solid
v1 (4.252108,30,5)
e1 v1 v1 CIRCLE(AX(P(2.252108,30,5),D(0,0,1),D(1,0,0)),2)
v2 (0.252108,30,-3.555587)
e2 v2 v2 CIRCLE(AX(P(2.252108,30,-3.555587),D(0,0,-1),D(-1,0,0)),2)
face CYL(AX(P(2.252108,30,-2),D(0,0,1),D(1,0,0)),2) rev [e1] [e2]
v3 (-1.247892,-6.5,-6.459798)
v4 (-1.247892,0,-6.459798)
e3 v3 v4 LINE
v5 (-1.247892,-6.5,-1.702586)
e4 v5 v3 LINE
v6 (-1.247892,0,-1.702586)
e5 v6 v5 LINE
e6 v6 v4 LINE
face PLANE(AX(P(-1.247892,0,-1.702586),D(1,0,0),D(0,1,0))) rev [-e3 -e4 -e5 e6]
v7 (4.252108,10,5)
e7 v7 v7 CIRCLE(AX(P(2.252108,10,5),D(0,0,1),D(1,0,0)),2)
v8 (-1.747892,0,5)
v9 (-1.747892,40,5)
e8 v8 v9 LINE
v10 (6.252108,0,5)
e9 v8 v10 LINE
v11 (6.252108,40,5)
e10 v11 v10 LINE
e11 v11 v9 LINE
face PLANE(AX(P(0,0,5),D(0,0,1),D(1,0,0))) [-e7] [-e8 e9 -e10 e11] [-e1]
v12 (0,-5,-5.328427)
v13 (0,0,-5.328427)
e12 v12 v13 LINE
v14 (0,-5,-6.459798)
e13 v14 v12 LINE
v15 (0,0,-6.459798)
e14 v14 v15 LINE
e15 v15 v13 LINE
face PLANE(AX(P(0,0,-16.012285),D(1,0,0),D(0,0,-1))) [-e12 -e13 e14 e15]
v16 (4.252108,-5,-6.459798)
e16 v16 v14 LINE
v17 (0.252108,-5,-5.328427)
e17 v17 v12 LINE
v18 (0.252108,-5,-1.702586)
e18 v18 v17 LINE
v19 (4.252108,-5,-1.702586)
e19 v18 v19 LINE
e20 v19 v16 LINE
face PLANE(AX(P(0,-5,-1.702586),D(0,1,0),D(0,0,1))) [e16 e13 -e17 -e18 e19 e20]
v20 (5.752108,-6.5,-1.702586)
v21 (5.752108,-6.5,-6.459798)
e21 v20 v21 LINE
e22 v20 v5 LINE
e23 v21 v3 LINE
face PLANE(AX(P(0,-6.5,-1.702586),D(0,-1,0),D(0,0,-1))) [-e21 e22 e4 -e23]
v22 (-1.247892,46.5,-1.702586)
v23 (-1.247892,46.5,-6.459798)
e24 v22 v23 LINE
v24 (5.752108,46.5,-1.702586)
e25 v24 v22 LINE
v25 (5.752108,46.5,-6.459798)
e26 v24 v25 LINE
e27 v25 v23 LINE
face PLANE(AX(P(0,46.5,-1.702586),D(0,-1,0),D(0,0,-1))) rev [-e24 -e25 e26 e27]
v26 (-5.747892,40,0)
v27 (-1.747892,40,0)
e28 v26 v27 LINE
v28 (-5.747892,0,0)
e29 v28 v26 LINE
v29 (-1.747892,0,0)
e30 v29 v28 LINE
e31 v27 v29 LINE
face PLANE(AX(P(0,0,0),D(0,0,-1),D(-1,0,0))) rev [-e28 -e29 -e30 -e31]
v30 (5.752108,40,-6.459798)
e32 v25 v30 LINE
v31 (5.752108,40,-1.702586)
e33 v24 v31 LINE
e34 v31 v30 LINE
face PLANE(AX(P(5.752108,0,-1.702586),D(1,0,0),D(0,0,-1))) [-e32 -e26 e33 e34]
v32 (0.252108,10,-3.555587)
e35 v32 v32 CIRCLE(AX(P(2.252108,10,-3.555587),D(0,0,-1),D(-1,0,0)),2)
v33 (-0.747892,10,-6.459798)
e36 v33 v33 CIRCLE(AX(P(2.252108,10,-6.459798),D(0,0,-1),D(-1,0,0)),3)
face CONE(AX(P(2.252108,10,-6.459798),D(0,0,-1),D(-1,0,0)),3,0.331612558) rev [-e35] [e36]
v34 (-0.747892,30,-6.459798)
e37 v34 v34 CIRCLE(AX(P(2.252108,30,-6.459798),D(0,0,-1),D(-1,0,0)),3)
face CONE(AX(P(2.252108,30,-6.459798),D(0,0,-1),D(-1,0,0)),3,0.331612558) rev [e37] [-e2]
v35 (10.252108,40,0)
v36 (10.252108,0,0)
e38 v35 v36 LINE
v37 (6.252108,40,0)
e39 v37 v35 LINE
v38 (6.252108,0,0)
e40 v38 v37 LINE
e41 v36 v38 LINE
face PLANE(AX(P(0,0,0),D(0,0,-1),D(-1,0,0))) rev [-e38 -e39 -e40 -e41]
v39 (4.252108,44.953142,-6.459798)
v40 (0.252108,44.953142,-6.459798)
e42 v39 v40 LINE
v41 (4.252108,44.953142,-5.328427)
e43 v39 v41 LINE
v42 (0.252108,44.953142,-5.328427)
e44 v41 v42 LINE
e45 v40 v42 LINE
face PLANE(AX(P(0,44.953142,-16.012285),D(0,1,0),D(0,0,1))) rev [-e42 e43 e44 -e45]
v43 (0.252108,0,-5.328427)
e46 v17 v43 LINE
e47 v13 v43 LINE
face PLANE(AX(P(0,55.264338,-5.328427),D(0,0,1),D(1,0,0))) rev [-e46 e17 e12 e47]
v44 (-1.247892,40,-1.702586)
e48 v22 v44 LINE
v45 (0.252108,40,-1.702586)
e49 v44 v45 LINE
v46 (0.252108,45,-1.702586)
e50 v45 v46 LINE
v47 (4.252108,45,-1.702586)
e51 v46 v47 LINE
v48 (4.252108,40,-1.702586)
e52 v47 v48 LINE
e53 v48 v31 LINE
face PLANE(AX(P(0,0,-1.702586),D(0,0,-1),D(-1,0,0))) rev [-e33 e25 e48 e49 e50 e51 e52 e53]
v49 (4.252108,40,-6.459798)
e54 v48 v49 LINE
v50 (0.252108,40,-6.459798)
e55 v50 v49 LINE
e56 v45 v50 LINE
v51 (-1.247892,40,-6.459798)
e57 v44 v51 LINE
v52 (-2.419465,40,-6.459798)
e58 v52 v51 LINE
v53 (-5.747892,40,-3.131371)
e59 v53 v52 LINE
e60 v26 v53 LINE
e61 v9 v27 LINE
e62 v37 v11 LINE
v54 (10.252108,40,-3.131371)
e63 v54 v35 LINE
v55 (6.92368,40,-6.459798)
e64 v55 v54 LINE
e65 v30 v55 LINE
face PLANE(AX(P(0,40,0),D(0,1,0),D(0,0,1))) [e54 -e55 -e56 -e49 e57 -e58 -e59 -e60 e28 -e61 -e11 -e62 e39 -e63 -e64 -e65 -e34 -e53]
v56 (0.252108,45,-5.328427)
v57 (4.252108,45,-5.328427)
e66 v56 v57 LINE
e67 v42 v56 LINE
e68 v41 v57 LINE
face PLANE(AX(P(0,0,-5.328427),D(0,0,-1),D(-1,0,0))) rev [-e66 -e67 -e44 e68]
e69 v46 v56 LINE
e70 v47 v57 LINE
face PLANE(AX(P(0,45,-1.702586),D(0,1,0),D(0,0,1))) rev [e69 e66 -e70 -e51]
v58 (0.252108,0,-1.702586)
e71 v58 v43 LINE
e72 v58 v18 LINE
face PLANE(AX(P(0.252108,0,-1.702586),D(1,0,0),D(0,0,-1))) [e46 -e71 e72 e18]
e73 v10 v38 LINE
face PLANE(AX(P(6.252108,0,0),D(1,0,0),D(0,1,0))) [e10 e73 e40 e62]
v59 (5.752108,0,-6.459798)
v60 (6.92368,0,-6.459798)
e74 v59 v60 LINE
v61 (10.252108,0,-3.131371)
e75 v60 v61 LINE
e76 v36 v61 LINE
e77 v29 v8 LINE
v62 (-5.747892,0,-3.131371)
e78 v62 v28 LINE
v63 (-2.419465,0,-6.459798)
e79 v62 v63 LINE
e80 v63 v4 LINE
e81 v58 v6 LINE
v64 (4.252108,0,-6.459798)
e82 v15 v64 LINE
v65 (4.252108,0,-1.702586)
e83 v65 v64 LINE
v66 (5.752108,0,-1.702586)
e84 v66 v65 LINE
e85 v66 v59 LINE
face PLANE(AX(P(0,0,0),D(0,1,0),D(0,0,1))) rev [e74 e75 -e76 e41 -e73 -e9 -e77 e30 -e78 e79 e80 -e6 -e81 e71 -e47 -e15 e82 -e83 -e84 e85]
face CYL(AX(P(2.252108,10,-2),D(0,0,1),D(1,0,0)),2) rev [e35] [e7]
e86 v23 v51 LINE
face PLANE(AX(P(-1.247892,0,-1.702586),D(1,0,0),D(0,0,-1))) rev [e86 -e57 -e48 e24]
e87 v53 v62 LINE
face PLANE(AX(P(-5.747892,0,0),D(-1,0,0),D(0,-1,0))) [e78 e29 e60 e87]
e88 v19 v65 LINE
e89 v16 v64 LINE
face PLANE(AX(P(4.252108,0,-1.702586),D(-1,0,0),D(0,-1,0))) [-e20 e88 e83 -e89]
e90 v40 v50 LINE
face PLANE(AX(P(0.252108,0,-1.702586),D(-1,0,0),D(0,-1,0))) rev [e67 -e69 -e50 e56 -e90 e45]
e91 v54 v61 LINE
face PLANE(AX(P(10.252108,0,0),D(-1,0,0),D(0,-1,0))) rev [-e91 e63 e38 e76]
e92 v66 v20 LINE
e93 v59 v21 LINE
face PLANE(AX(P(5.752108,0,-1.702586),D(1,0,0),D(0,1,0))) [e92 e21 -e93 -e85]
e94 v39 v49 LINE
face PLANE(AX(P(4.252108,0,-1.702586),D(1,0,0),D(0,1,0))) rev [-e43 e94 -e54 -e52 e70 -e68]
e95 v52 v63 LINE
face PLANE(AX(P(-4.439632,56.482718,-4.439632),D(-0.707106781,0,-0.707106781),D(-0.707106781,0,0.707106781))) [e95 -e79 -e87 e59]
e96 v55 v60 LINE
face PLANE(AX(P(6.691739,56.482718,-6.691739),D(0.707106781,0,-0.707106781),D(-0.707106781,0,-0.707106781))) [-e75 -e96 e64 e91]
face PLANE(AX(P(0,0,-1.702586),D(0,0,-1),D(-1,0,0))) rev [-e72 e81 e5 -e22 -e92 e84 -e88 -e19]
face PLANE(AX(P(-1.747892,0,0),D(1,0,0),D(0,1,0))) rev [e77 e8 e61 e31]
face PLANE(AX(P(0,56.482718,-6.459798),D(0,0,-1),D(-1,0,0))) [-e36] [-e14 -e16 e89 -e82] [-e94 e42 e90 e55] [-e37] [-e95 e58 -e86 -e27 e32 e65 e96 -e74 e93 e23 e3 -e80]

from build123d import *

# Parameters (mm, degrees)
BOSS_EXTRUDE1_DEPTH          = 40
SKETCH2_W                    = 3.5
SKETCH2_H                    = 40
BOSS_EXTRUDE2_DEPTH          = 5
SKETCH4_R                    = 2
CUT_EXTRUDE1_DEPTH           = 7
SKETCH5_R                    = 3.5
CUT_EXTRUDE2_DEPTH           = 3
CUT_EXTRUDE2_DRAFT           = -27
CUT_EXTRUDE2_PROFILE_2_DEPTH = 3
CUT_EXTRUDE2_PROFILE_2_DRAFT = -27
BOSS_EXTRUDE3_DEPTH          = 3
SKETCH9_W                    = 13
SKETCH9_H                    = 40
CUT_EXTRUDE4_DEPTH           = 4.702585656
SKETCH10_W                   = 15
SKETCH10_H                   = 40
BOSS_EXTRUDE4_DEPTH          = 2.5
SKETCH11_W                   = 1.5
SKETCH11_H                   = 2.202585656
BOSS_EXTRUDE7_DEPTH          = 40
BOSS_EXTRUDE8_DEPTH          = 0.625841469
SKETCH13_R                   = 2
CUT_EXTRUDE5_DEPTH           = 10
SKETCH14_W                   = 2.5
SKETCH14_H                   = 40
BOSS_EXTRUDE9_DEPTH          = 0.5
SKETCH15_W                   = 2.5
SKETCH15_H                   = 40
BOSS_EXTRUDE10_DEPTH         = 0.5
BOSS_EXTRUDE11_DEPTH         = 40
BOSS_EXTRUDE12_DEPTH         = 1.13137085
SKETCH18_R                   = 2
CUT_EXTRUDE6_DEPTH           = 10
SKETCH19_R                   = 3
CUT_EXTRUDE7_DEPTH           = 3
CUT_EXTRUDE7_DRAFT           = -19
CUT_EXTRUDE7_PROFILE_2_DEPTH = 3
CUT_EXTRUDE7_PROFILE_2_DRAFT = -19
SKETCH20_W                   = 5
SKETCH20_H                   = 40
BOSS_EXTRUDE13_DEPTH         = 0.5
SKETCH21_W                   = 5
SKETCH21_H                   = 40
BOSS_EXTRUDE14_DEPTH         = 0.5


with BuildPart() as part:
    # Sketch1 → Boss-Extrude1 (new body)
    with BuildSketch(Plane(origin=(0, 0, 0), x_dir=(1, 0, 0), z_dir=(0, 1, 0))):
        Polygon((-4.247892457, 4.702585656), (8.752107543, 4.702585656), (8.752107543, 1.702585656), (7.049521887, 0), (-2.545306801, 0), (-4.247892457, 1.702585656), align=None)
    extrude(amount=BOSS_EXTRUDE1_DEPTH)

    # Sketch2 → Boss-Extrude2 (add)
    with BuildSketch(Plane.XY):
        with Locations((4.002107543, 20)):
            Rectangle(SKETCH2_W, SKETCH2_H)
        with Locations((0.502107543, 20)):
            Rectangle(SKETCH2_W, SKETCH2_H)
    extrude(amount=BOSS_EXTRUDE2_DEPTH)

    # Sketch4 → Cut-Extrude1 (cut)
    with BuildSketch(Plane.XY.offset(5)):
        with Locations((2.252107543, 30)):
            Circle(SKETCH4_R)
        with Locations((2.252107543, 10)):
            Circle(SKETCH4_R)
    extrude(amount=-CUT_EXTRUDE1_DEPTH, mode=Mode.SUBTRACT)


with BuildPart() as cut_extrude2_tool:
    # Sketch5 → Cut-Extrude2 (with draft: the straight prism first)
    with BuildSketch(Plane(origin=(0, 0, -4.702585656), x_dir=(-1, 0, 0), z_dir=(0, 0, -1))):
        with Locations((-2.252107543, 30)):
            Circle(SKETCH5_R)
    extrude(amount=-CUT_EXTRUDE2_DEPTH)
    # Cut-Extrude2: the draft: its side faces are tilted about the plane it starts from
    cut_extrude2_sides = [cut_extrude2_tool.faces().sort_by_distance(p)[0] for p in [
        (5.752107543, 30, -3.202585656),
    ]]
    draft(cut_extrude2_sides, Plane(origin=(0, 0, -4.702585656), x_dir=(-1, 0, 0), z_dir=(0, 0, -1)), CUT_EXTRUDE2_DRAFT)


with BuildPart() as part_1:
    add(part.part)

    # Cut-Extrude2: cut by cut_extrude2_tool
    add(cut_extrude2_tool.part, mode=Mode.SUBTRACT)


with BuildPart() as cut_extrude2_profile_2_tool:
    # Sketch5 → Cut-Extrude2 profile 2 (with draft: the straight prism first)
    with BuildSketch(Plane(origin=(0, 0, -4.702585656), x_dir=(-1, 0, 0), z_dir=(0, 0, -1))):
        with Locations((-2.252107543, 10)):
            Circle(SKETCH5_R)
    extrude(amount=-CUT_EXTRUDE2_PROFILE_2_DEPTH)
    # Cut-Extrude2 profile 2: the draft: its side faces are tilted about the plane it starts from
    cut_extrude2_profile_2_sides = [cut_extrude2_profile_2_tool.faces().sort_by_distance(p)[0] for p in [
        (5.752107543, 10, -3.202585656),
    ]]
    draft(cut_extrude2_profile_2_sides, Plane(origin=(0, 0, -4.702585656), x_dir=(-1, 0, 0), z_dir=(0, 0, -1)), CUT_EXTRUDE2_PROFILE_2_DRAFT)


with BuildPart() as part_2:
    add(part_1.part)

    # Cut-Extrude2 profile 2: cut by cut_extrude2_profile_2_tool
    add(cut_extrude2_profile_2_tool.part, mode=Mode.SUBTRACT)

    # Sketch7 → Boss-Extrude3 (add)
    with BuildSketch(Plane(origin=(0, 0, -4.702585656), x_dir=(-1, 0, 0), z_dir=(0, 0, -1))):
        Polygon((1.247892457, 46.5), (-5.752107543, 46.5), (-5.752107543, 40), (-4.252107543, 40), (-4.252107543, 45), (-0.252107543, 45), (-0.252107543, 43.275204256), (-0.252107543, 40), (1.247892457, 40), align=None)
        Polygon((-4.252107543, 0), (-5.752107543, 0), (-5.752107543, -6.5), (1.247892457, -6.5), (1.247892457, 0), (-0.252107543, 0), (-0.252107543, -5), (-4.252107543, -5), align=None)
    extrude(amount=-BOSS_EXTRUDE3_DEPTH)

    # Sketch9 → Cut-Extrude4 (cut)
    with BuildSketch(Plane(origin=(0, 0, -4.702585656), x_dir=(-1, 0, 0), z_dir=(0, 0, -1))):
        with Locations((-2.252107543, 20)):
            Rectangle(SKETCH9_W, SKETCH9_H)
    extrude(amount=-CUT_EXTRUDE4_DEPTH, mode=Mode.SUBTRACT)


with BuildPart() as cut_extrude4_piece_1:
    # of the separate pieces the step leaves, piece 1, a body of its own (cut_extrude4_pieces)
    add(part_2.part.solids().sort_by_distance((-1.247892457, 0, 0))[0])



with BuildPart() as cut_extrude4_piece_2:
    # of the separate pieces the step leaves, piece 2, a body of its own (cut_extrude4_pieces)
    add(part_2.part.solids().sort_by_distance((0.252107543, 40, -4.702585656))[0])


with BuildPart() as cut_extrude4_piece_3:
    # of the separate pieces the step leaves, piece 3, a body of its own (cut_extrude4_pieces)
    add(part_2.part.solids().sort_by_distance((-1.247892457, -6.5, -4.702585656))[0])


with BuildPart() as cut_extrude4_piece_1_1:
    add(cut_extrude4_piece_1.part)

    add(cut_extrude4_piece_2.part)  # Boss-Extrude4 merges Cut-Extrude4 piece 2

    add(cut_extrude4_piece_3.part)  # Boss-Extrude4 merges Cut-Extrude4 piece 3
    # Sketch10 → Boss-Extrude4 (add)
    with BuildSketch(Plane(origin=(0, 0, 0), x_dir=(-1, 0, 0), z_dir=(0, 0, -1))):
        with Locations((-2.252107543, 20)):
            Rectangle(SKETCH10_W, SKETCH10_H)
    extrude(amount=BOSS_EXTRUDE4_DEPTH)

    # Sketch11 → Boss-Extrude7 (add)
    with BuildSketch(Plane(origin=(0, 0, 0), x_dir=(1, 0, 0), z_dir=(0, 1, 0))):
        with Locations((5.002107543, 3.601292828)):
            Rectangle(SKETCH11_W, SKETCH11_H)
        Polygon((-2.419465332, 5.328427125), (-5.247892457, 2.5), (4.252107543, 2.5), (4.252107543, 4.702585656), (5.752107543, 4.702585656), (5.752107543, 2.5), (9.752107543, 2.5), (6.923680418, 5.328427125), align=None)
    extrude(amount=BOSS_EXTRUDE7_DEPTH)

    # Sketch12 → Boss-Extrude8 (add)
    with BuildSketch(Plane(origin=(0, 0, -4.702585656), x_dir=(-1, 0, 0), z_dir=(0, 0, -1))):
        Polygon((-5.752107543, 0), (-5.752107543, -6.5), (1.247892457, -6.5), (1.247892457, 0), (-0.252107543, 0), (-0.252107543, -5), (-4.252107543, -5), (-4.252107543, 0), align=None)
        Polygon((1.247892457, 46.5), (-5.752107543, 46.5), (-5.752107543, 40), (-4.252107543, 40), (-4.252107543, 45), (-0.252107543, 45), (-0.252107543, 40), (1.247892457, 40), align=None)
    extrude(amount=BOSS_EXTRUDE8_DEPTH)

    # Sketch13 → Cut-Extrude5 (cut)
    with BuildSketch(Plane.XY):
        with Locations((2.252107543, 30)):
            Circle(SKETCH13_R)
        with Locations((2.252107543, 10)):
            Circle(SKETCH13_R)
    extrude(amount=-CUT_EXTRUDE5_DEPTH, mode=Mode.SUBTRACT)

    # Sketch14 → Boss-Extrude9 (add)
    with BuildSketch(Plane(origin=(9.752107543, 0, 0), x_dir=(0, 0, -1), z_dir=(1, 0, 0))):
        with Locations((1.25, 20)):
            Rectangle(SKETCH14_W, SKETCH14_H)
    extrude(amount=BOSS_EXTRUDE9_DEPTH)

    # Sketch15 → Boss-Extrude10 (add)
    with BuildSketch(Plane.ZY.offset(5.247892457)):
        with Locations((-1.25, 20)):
            Rectangle(SKETCH15_W, SKETCH15_H)
    extrude(amount=BOSS_EXTRUDE10_DEPTH)

    # Sketch16 → Boss-Extrude11 (add)
    with BuildSketch(Plane.XZ):
        Polygon((-2.419465332, -5.328427125), (-5.247892457, -2.5), (-5.747892457, -2.5), (-5.747892457, -3.13137085), (-2.419465332, -6.459797975), (6.923680418, -6.459797975), (10.252107543, -3.13137085), (10.252107543, -2.5), (9.752107543, -2.5), (6.923680418, -5.328427125), (0.656985658, -5.328427125), align=None)
    extrude(amount=-BOSS_EXTRUDE11_DEPTH)

    # Sketch17 → Boss-Extrude12 (add)
    with BuildSketch(Plane(origin=(0, 0, -5.328427125), x_dir=(-1, 0, 0), z_dir=(0, 0, -1))):
        Polygon((-5.752107543, 0), (-5.752107543, -6.5), (1.247892457, -6.5), (1.247892457, 0), (0, 0), (0, -5), (-0.252107543, -5), (-4.252107543, -5), (-4.252107543, 0), align=None)
        Polygon((1.247892457, 46.5), (-5.752107543, 46.5), (-5.752107543, 40), (-4.252107543, 40), (-4.252107543, 44.953142187), (-0.252107543, 44.953142187), (-0.252107543, 40), (1.247892457, 40), align=None)
    extrude(amount=BOSS_EXTRUDE12_DEPTH)

    # Sketch18 → Cut-Extrude6 (cut)
    with BuildSketch(Plane.XY.offset(-5.328427125)):
        with Locations((2.252107543, 30)):
            Circle(SKETCH18_R)
        with Locations((2.252107543, 10)):
            Circle(SKETCH18_R)
    extrude(amount=-CUT_EXTRUDE6_DEPTH, mode=Mode.SUBTRACT)


with BuildPart() as cut_extrude7_tool:
    # Sketch19 → Cut-Extrude7 (with draft: the straight prism first)
    with BuildSketch(Plane(origin=(0, 0, -6.459797975), x_dir=(-1, 0, 0), z_dir=(0, 0, -1))):
        with Locations((-2.252107543, 30)):
            Circle(SKETCH19_R)
    extrude(amount=-CUT_EXTRUDE7_DEPTH)
    # Cut-Extrude7: the draft: its side faces are tilted about the plane it starts from
    cut_extrude7_sides = [cut_extrude7_tool.faces().sort_by_distance(p)[0] for p in [
        (5.252107543, 30, -4.959797975),
    ]]
    draft(cut_extrude7_sides, Plane(origin=(0, 0, -6.459797975), x_dir=(-1, 0, 0), z_dir=(0, 0, -1)), CUT_EXTRUDE7_DRAFT)


with BuildPart() as cut_extrude4_piece_1_2:
    add(cut_extrude4_piece_1_1.part)

    # Cut-Extrude7: cut by cut_extrude7_tool
    add(cut_extrude7_tool.part, mode=Mode.SUBTRACT)


with BuildPart() as cut_extrude7_profile_2_tool:
    # Sketch19 → Cut-Extrude7 profile 2 (with draft: the straight prism first)
    with BuildSketch(Plane(origin=(0, 0, -6.459797975), x_dir=(-1, 0, 0), z_dir=(0, 0, -1))):
        with Locations((-2.252107543, 10)):
            Circle(SKETCH19_R)
    extrude(amount=-CUT_EXTRUDE7_PROFILE_2_DEPTH)
    # Cut-Extrude7 profile 2: the draft: its side faces are tilted about the plane it starts from
    cut_extrude7_profile_2_sides = [cut_extrude7_profile_2_tool.faces().sort_by_distance(p)[0] for p in [
        (5.252107543, 10, -4.959797975),
    ]]
    draft(cut_extrude7_profile_2_sides, Plane(origin=(0, 0, -6.459797975), x_dir=(-1, 0, 0), z_dir=(0, 0, -1)), CUT_EXTRUDE7_PROFILE_2_DRAFT)


with BuildPart() as cut_extrude4_piece_1_3:
    add(cut_extrude4_piece_1_2.part)

    # Cut-Extrude7 profile 2: cut by cut_extrude7_profile_2_tool
    add(cut_extrude7_profile_2_tool.part, mode=Mode.SUBTRACT)

    # Sketch20 → Boss-Extrude13 (add)
    with BuildSketch(Plane.ZY.offset(1.247892457)):
        with Locations((2.5, 20)):
            Rectangle(SKETCH20_W, SKETCH20_H)
    extrude(amount=BOSS_EXTRUDE13_DEPTH)

    # Sketch21 → Boss-Extrude14 (add)
    with BuildSketch(Plane(origin=(5.752107543, 0, 0), x_dir=(0, 0, -1), z_dir=(1, 0, 0))):
        with Locations((-2.5, 20)):
            Rectangle(SKETCH21_W, SKETCH21_H)
    extrude(amount=BOSS_EXTRUDE14_DEPTH)


solid = cut_extrude4_piece_1_3.part
